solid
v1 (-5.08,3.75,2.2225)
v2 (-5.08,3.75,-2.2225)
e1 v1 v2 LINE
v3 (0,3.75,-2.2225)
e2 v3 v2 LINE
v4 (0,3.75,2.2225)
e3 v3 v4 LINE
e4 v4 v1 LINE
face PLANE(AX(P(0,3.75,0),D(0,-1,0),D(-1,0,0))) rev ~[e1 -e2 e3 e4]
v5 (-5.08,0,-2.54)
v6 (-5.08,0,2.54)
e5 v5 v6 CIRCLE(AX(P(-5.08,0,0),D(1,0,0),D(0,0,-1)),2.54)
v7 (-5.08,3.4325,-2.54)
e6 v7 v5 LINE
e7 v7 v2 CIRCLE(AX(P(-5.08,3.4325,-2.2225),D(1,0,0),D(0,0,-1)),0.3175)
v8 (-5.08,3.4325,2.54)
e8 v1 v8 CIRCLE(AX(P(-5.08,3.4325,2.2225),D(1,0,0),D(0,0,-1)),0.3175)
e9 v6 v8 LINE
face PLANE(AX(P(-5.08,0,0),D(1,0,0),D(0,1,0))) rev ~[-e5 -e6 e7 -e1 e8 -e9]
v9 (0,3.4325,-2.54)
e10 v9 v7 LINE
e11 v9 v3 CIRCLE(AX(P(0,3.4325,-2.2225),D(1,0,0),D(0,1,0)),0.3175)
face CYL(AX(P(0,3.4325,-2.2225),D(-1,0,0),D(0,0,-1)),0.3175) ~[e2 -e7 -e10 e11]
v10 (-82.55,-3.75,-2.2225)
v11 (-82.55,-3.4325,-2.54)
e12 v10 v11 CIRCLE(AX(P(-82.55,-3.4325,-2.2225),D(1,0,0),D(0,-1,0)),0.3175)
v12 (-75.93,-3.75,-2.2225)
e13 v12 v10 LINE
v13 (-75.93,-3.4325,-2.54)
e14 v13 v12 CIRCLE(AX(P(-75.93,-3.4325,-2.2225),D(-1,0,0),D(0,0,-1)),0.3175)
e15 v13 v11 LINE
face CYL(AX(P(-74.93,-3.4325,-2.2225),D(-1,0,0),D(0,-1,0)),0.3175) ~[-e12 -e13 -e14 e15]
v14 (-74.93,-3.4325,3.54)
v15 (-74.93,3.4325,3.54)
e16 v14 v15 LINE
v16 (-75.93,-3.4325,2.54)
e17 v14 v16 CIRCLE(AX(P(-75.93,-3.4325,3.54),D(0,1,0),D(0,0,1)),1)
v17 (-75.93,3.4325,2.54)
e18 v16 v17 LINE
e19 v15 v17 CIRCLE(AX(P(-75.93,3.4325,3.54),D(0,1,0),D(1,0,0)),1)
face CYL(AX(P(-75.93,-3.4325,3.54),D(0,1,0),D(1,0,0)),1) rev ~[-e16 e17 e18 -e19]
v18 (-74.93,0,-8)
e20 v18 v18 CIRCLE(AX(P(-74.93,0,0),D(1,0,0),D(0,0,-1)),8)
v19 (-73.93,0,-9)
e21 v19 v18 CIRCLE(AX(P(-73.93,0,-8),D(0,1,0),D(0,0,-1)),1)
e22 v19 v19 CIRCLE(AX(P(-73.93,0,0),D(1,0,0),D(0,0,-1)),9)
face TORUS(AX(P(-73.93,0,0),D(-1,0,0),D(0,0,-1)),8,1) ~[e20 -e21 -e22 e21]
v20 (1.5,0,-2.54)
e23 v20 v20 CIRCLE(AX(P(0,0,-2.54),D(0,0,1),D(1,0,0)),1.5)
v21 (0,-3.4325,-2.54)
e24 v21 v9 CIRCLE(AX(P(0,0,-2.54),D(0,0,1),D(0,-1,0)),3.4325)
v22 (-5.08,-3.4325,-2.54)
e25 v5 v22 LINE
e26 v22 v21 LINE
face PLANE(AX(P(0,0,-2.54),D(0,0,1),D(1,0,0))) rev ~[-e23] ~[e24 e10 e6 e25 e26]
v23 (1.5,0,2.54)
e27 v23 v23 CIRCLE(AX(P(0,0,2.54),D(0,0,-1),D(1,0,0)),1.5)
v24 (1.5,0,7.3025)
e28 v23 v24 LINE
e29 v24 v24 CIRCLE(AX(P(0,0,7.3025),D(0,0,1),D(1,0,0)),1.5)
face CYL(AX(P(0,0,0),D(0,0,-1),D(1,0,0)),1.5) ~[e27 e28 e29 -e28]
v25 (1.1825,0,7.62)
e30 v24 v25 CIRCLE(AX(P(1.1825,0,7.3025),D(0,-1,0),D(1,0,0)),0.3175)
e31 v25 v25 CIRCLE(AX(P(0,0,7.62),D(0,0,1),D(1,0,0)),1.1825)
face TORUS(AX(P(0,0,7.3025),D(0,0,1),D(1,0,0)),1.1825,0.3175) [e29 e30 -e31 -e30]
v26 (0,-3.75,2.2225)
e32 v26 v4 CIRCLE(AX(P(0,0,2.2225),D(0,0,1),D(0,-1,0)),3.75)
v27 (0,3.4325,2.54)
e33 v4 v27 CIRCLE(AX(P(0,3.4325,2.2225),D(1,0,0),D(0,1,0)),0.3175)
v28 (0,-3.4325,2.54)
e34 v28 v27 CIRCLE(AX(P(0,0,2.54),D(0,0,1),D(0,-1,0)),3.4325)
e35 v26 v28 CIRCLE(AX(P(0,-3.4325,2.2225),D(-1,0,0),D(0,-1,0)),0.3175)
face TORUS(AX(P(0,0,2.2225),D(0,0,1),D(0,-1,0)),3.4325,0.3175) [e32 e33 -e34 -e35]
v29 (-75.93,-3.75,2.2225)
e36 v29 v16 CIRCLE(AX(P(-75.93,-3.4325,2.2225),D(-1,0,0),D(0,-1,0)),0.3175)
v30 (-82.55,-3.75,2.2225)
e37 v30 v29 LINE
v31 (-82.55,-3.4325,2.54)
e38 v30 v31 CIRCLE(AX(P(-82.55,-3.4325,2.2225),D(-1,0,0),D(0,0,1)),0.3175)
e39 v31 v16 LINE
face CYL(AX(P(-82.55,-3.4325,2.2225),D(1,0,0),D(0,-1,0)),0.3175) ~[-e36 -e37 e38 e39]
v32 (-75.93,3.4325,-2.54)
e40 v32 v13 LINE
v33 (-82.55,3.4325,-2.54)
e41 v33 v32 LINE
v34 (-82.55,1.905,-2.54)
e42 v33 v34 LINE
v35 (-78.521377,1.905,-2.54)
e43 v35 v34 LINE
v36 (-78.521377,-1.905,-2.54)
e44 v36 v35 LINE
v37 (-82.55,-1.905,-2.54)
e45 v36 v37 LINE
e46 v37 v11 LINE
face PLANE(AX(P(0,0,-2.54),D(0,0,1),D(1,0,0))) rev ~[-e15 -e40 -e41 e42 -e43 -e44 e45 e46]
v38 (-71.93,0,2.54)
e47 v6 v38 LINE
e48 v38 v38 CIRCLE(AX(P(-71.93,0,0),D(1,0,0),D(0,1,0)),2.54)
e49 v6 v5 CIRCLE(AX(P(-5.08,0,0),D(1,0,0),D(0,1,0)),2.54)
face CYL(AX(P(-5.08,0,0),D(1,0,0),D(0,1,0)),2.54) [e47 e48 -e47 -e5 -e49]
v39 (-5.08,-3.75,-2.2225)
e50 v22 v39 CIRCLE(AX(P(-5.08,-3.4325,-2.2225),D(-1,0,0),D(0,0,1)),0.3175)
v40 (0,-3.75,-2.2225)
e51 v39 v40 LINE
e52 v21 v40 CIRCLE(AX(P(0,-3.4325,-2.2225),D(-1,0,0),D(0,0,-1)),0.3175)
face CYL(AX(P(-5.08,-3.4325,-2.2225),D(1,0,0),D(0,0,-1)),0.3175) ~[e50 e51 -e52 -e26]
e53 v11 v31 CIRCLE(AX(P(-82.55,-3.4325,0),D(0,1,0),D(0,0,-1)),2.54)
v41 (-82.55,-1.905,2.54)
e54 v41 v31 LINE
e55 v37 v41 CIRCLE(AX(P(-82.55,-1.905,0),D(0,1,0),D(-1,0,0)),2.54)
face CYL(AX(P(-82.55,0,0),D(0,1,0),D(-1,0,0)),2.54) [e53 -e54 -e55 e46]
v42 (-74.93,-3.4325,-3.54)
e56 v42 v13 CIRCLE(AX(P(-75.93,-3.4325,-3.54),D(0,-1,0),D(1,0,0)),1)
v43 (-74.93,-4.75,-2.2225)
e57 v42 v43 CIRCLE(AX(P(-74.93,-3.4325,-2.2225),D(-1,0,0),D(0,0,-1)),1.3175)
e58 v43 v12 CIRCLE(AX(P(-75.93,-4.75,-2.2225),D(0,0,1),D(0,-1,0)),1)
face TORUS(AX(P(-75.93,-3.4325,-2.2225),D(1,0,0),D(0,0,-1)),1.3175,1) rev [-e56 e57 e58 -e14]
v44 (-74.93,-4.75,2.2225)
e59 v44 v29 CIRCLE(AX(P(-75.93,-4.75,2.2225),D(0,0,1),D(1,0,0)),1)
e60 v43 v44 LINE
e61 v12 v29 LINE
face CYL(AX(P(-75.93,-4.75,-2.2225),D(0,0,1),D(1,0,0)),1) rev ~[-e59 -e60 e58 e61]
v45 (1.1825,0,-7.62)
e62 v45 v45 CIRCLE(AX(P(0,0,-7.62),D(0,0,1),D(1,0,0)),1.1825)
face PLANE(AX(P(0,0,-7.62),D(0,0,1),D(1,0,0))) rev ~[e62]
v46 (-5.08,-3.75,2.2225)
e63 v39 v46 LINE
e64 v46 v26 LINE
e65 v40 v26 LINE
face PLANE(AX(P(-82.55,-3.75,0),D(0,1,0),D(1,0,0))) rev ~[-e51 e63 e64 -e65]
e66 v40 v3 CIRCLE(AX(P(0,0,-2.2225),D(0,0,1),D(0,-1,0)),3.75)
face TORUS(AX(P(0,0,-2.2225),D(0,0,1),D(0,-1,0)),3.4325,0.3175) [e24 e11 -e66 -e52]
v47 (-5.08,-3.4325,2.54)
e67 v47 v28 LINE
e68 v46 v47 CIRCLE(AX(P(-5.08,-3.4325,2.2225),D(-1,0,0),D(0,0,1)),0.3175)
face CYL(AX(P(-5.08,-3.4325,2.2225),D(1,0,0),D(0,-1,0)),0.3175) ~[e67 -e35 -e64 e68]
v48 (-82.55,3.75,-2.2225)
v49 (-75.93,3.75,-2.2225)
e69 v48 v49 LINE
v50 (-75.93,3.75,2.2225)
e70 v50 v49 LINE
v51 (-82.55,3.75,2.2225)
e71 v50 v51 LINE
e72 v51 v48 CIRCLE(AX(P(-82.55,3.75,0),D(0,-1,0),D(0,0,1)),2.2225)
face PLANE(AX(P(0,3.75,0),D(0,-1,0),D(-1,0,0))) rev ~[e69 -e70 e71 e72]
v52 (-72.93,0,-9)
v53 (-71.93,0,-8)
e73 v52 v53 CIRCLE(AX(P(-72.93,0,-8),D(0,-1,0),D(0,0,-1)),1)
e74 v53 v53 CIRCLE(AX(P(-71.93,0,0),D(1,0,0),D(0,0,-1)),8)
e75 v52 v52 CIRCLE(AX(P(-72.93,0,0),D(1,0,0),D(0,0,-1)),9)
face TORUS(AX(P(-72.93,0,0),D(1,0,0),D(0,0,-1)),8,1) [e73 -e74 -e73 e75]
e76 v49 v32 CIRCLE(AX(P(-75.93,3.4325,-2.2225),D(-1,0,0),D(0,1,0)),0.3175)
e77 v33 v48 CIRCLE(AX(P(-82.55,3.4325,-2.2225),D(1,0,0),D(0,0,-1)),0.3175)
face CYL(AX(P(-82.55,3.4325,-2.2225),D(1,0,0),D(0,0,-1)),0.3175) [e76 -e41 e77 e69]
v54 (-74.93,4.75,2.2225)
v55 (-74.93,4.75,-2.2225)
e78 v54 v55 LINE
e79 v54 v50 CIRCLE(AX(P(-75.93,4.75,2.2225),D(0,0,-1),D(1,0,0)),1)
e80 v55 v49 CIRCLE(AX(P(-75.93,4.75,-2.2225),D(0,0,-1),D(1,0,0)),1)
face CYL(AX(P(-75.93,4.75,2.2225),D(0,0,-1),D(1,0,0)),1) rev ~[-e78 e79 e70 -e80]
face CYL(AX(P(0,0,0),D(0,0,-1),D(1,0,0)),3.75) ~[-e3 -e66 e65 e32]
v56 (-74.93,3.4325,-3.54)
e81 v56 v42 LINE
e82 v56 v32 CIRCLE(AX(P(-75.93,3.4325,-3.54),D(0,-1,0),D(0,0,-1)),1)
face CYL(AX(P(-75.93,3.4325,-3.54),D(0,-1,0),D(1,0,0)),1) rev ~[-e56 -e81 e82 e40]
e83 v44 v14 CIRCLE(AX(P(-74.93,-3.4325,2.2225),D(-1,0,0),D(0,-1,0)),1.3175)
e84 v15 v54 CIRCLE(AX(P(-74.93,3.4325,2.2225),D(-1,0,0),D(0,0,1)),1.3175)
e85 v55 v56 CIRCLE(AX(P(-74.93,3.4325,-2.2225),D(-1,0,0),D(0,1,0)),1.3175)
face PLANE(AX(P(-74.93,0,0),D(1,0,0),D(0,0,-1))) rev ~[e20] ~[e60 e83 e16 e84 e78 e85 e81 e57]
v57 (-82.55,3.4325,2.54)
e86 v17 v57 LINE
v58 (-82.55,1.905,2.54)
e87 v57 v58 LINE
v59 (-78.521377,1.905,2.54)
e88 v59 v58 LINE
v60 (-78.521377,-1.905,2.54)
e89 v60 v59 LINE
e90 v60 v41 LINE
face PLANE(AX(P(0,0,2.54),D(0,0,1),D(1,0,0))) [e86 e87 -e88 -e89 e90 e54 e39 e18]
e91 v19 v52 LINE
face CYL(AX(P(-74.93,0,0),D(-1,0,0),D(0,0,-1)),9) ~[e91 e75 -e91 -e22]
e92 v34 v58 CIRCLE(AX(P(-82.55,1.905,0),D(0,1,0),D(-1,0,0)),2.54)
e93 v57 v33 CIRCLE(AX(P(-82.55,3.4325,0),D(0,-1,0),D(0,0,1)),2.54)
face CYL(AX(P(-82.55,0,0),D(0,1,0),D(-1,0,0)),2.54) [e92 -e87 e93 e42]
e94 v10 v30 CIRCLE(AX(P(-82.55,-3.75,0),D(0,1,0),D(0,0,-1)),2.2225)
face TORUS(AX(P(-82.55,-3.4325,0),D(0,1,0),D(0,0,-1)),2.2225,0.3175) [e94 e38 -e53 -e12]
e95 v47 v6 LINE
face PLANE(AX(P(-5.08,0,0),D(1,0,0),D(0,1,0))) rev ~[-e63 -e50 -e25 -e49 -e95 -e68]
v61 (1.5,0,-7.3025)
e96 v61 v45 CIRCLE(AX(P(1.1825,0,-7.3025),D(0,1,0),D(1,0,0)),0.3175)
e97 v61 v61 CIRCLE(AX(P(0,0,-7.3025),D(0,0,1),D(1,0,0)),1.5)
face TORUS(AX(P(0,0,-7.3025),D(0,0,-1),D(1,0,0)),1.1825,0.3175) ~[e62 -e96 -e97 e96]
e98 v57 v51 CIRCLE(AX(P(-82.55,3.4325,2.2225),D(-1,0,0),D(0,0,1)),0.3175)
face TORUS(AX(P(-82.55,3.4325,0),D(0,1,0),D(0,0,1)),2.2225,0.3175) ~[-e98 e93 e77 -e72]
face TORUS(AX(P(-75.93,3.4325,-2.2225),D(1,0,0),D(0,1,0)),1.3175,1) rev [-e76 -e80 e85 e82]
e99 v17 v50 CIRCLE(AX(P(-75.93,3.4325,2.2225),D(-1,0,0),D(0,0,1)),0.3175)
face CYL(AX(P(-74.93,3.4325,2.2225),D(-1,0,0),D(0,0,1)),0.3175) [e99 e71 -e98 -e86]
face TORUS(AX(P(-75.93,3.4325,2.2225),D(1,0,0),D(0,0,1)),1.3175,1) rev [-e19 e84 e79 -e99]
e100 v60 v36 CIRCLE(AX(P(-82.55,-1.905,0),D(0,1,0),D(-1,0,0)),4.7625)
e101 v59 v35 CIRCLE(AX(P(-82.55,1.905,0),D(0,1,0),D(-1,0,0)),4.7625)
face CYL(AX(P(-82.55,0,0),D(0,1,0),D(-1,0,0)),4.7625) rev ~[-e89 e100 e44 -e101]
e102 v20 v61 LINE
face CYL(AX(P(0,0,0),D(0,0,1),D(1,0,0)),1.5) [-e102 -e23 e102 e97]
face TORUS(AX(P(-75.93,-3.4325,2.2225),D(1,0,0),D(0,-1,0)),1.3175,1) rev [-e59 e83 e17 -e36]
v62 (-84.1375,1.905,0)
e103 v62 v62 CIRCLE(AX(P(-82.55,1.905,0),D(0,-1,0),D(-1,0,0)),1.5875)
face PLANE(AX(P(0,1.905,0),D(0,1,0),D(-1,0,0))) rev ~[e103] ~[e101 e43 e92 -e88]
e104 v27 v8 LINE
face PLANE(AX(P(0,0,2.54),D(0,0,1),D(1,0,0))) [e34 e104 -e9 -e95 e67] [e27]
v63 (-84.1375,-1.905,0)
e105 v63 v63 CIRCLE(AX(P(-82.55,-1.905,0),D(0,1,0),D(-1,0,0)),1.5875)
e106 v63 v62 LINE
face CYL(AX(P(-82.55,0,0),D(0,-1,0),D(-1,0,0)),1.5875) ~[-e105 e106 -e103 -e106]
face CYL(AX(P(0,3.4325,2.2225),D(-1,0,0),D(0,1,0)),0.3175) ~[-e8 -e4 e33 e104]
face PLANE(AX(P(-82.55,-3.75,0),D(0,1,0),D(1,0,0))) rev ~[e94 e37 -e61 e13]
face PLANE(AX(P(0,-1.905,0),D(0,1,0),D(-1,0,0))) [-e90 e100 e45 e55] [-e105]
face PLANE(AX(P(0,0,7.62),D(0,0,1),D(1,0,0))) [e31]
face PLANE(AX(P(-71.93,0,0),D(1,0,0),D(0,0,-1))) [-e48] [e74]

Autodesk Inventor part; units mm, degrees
ref_plane "XZ Plane" through (0, 0, 0) normal (0, 1, 0) x (-1, 0, 0)
ref_plane "XY Plane" through (0, 0, 0) normal (0, 0, 1) x (1, 0, 0)
sketch "Sketch1" plane through (0, 0, 0) normal (0, 0, 1) x (1, 0, 0)
  line L0 (0, 3.75) -> (-82.55, 3.75)
  line L1 (-82.55, 3.75) -> (-82.55, -3.75)
  line L2 (-82.55, -3.75) -> (0, -3.75)
  line L3 (0, -3.75) -> (0, 3.75)
  circle A0 centre (0, 0) radius 3.75
  dimension "d0" = 7.5
  dimension "d1" = 82.55
extrude "Extrusion1" add sketch "Sketch1" along normal mid plane 5.08
ref_plane "Work Plane4" through (-5.08, 0, 0) normal (1, 0, 0) x (0, 1, 0)
sketch "Sketch16" plane through (-5.08, 0, 0) normal (1, 0, 0) x (0, 1, 0)
  circle A0 centre (0, 0) radius 2.54
  line L0 (3.75, 2.54) -> (3.75, -2.54) projected
  line L1 (3.75, -2.54) -> (-3.75, -2.54) projected
  line L2 (-3.75, -2.54) -> (-3.75, 2.54) projected
  line L3 (-3.75, 2.54) -> (3.75, 2.54) projected
  dimension "d28" = 5.08
extrude "Extrusion11" cut sketch "Sketch16" against normal blind 69.85 contours A0 L3 L0 L1 | A0 L1 L2 L3
sketch "Sketch2" plane through (0, 0, 0) normal (0, 0, 1) x (1, 0, 0)
  circle A0 centre (0, 0) radius 1.5
  dimension "d32" = 3
extrude "Extrusion2" add sketch "Sketch2" along normal mid plane 15.24
sketch "Sketch11" plane through (0, 0, 0) normal (0, 1, 0) x (-1, 0, 0)
  circle A0 centre (82.55, 0) radius 2.54
  line L0 (82.55, -2.54) -> (82.55, 2.54) projected
  line L1 (82.55, -2.54) -> (82.55, 2.54) projected
  point P0 (0, 0)
extrude "Extrusion7" add sketch "Sketch11" along normal mid plane 7.5
sketch "Sketch12" plane through (0, 0, 0) normal (0, 1, 0) x (-1, 0, 0)
  circle A0 centre (82.55, 0) radius 4.7625
  line L0 (5.08, -2.54) -> (0, -2.54) projected
  arc A1 (82.55, -2.54) -> (82.55, 2.54) centre (82.55, 0) ccw projected
  arc A2 (82.55, -2.54) -> (82.55, 2.54) centre (82.55, 0) ccw projected
  point P0 (0, 0)
extrude "Extrusion8" cut sketch "Sketch12" against normal mid plane 3.81
sketch "Sketch15" plane through (0, 0, 0) normal (0, 1, 0) x (-1, 0, 0)
  circle A0 centre (82.55, 0) radius 1.5875
  arc A1 (82.55, -2.54) -> (82.55, 2.54) centre (82.55, 0) ccw projected
  point P0 (0, 0)
  point P1 (80.645, -1.6801)
  point P2 (80.645, 1.6801)
extrude "Extrusion10" add sketch "Sketch15" along normal mid plane 5.08
fillet "Fillet2" radius 0.3175 14 edges at (-2.54, -3.75, 2.54) (-78.74, -3.75, 2.54) (3.75, 0, 2.54) (-2.54, 3.75, 2.54) (-78.74, 3.75, 2.54) (-2.54, 3.75, -2.54) (-78.74, 3.75, -2.54) (-2.54, -3.75, -2.54) (-78.74, -3.75, -2.54) (3.75, 0, -2.54) (-85.09, -3.75, 0) (-85.09, 3.75, 0) (-1.5, 0, 7.62) (-1.5, 0, -7.62)
sketch "Sketch17" plane through (-74.93, 0, 0) normal (1, 0, 0) x (0, 0, -1)
  circle A0 centre (0, 0) radius 9
  dimension "d36" = 18
extrude "Extrusion12" add sketch "Sketch17" along normal blind 3
fillet "Fillet4" radius 1 10 edges at (-74.93, 3.75, 0) (-74.93, 3.657, -2.447) (-74.93, 0, -2.54) (-74.93, -3.657, -2.447) (-74.93, -3.75, 0) (-74.93, -3.657, 2.447) (-74.93, 0, 2.54) (-74.93, 3.657, 2.447) (-74.93, 0, 9) (-71.93, 0, 9)
properties part number "Follower" material "Alloy Steel"
